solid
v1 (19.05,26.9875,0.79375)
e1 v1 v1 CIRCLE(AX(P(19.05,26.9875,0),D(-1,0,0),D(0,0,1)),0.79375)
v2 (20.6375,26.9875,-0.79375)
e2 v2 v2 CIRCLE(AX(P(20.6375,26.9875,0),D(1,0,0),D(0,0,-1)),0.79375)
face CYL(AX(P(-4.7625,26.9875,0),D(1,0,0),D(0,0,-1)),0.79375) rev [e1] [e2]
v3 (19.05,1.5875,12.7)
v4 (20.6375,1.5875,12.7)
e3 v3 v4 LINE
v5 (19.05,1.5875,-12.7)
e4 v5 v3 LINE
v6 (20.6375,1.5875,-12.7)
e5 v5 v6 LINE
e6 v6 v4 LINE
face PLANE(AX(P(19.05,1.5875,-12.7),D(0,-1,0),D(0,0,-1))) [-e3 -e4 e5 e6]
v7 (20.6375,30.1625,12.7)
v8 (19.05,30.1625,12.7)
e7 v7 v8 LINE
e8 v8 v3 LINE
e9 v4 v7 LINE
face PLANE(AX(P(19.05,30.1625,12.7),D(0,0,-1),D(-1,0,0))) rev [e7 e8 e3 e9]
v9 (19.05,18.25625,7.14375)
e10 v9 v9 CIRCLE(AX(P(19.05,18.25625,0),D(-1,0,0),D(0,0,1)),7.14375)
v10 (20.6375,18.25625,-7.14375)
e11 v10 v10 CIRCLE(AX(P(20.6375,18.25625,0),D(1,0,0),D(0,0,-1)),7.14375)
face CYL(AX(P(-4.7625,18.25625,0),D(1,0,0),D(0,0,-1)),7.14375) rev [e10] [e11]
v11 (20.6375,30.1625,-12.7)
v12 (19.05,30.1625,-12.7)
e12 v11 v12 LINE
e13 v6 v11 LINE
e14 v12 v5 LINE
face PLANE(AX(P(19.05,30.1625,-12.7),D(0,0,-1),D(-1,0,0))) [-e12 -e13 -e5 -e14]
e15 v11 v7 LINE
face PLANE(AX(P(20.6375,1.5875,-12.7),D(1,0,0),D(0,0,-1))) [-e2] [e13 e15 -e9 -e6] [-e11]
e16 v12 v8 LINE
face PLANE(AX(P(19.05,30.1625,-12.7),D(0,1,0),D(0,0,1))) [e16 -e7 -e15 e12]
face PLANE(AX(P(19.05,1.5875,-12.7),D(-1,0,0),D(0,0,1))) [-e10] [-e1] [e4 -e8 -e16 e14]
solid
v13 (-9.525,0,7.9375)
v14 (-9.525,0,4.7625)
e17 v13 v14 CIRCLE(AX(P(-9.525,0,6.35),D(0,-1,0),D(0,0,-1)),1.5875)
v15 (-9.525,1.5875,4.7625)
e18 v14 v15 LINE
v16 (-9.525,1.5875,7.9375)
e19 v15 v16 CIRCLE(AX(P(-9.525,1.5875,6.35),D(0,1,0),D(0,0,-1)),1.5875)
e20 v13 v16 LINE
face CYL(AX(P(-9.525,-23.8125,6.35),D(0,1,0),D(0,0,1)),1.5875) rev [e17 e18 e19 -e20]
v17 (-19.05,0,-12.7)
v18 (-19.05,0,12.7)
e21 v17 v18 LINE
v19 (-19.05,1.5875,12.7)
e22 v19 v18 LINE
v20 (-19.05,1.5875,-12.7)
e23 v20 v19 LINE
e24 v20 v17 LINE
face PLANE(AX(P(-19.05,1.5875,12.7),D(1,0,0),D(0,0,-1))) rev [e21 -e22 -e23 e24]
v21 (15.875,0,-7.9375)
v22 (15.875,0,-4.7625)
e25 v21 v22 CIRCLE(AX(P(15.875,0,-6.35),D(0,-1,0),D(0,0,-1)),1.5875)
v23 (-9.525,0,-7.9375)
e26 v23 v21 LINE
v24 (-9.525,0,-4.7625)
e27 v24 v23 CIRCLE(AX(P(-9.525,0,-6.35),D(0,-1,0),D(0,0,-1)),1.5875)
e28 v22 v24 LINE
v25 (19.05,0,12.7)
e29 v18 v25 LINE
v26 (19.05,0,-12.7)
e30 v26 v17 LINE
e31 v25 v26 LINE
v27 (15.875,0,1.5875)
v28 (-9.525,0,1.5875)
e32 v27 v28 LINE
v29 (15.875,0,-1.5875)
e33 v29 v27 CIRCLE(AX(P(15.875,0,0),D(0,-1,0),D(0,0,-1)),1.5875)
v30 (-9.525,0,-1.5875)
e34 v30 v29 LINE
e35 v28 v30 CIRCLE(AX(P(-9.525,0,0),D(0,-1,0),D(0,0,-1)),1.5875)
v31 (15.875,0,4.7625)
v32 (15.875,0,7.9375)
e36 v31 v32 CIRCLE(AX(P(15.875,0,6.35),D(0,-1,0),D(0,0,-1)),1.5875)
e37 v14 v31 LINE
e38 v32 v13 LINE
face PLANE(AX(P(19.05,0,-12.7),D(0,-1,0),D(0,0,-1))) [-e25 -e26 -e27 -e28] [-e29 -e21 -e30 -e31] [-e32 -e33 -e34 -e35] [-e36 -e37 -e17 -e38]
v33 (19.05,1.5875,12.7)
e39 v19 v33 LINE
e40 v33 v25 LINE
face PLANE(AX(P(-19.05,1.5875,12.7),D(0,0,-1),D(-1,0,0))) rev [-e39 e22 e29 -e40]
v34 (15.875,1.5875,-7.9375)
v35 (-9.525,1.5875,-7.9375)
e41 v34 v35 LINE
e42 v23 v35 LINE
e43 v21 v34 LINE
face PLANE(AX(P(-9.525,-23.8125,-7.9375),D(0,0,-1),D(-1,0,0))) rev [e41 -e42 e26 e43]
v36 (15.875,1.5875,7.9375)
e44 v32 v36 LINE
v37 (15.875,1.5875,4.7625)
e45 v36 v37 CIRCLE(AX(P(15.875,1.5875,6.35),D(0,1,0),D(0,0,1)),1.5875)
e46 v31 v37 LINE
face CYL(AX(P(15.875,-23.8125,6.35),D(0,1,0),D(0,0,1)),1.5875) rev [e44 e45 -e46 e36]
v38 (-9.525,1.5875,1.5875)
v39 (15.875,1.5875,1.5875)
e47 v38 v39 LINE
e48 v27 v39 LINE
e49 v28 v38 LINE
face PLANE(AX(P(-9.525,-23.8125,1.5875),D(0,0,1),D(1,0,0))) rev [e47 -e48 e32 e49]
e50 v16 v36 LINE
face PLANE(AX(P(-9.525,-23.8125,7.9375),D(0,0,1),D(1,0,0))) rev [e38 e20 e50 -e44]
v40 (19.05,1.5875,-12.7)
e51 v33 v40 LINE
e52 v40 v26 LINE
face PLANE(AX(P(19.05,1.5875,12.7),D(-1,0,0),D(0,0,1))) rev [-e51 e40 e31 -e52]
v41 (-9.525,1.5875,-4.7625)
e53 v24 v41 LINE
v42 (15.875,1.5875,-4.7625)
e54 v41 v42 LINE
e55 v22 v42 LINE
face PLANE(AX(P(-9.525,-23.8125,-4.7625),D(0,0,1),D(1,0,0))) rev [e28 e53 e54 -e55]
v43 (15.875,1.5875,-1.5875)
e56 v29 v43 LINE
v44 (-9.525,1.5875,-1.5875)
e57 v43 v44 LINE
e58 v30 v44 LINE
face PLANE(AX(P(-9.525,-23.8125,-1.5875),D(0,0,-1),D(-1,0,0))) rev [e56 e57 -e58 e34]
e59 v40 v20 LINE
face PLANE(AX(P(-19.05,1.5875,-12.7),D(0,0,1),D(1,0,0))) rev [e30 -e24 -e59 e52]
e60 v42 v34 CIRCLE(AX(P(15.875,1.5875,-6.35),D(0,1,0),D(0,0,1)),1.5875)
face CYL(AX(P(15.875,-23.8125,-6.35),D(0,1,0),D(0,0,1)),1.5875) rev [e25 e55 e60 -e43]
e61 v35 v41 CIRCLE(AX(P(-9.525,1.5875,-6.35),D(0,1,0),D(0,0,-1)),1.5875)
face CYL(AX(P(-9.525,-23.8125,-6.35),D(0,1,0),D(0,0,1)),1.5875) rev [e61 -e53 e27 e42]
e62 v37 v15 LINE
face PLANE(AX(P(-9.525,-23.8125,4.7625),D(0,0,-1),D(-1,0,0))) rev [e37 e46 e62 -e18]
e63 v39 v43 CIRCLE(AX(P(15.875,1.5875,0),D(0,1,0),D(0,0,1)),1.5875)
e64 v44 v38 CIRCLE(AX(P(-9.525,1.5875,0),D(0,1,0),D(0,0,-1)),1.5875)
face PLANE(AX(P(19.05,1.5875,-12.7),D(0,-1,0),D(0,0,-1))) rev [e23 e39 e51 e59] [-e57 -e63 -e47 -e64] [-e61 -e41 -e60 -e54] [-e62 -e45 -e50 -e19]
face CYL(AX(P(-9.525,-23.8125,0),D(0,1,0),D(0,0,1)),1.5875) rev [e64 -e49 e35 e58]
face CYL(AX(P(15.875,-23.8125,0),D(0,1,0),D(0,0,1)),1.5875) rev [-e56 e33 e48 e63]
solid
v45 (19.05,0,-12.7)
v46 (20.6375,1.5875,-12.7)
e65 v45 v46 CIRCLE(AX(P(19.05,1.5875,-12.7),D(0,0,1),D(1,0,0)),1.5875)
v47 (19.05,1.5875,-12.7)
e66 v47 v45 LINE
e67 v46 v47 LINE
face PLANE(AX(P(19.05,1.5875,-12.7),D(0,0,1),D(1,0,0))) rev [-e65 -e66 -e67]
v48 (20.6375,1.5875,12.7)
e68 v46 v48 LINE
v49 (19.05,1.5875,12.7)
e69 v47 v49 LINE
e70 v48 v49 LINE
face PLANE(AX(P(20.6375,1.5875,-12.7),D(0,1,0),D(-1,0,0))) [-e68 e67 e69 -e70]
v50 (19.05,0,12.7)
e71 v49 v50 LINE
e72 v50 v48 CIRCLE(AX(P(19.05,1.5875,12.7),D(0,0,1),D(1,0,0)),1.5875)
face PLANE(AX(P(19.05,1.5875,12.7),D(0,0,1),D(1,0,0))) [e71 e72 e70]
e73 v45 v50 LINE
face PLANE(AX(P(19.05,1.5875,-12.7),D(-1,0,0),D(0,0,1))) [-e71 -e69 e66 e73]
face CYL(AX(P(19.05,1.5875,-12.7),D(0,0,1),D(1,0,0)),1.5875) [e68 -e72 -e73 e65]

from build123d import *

# Parameters (mm, degrees)
SKETCH1_W           = 38.1
SKETCH1_H           = 25.4
BOSS_EXTRUDE1_DEPTH = 1.5875
SKETCH2_W           = 1.5875
SKETCH2_H           = 28.575
BOSS_EXTRUDE2_DEPTH = 25.4
BOSS_EXTRUDE3_DEPTH = 25.4
SKETCH4_R           = 7.14375
SKETCH4_R_2         = 0.79375
CUT_EXTRUDE1_DEPTH  = 25.4
CUT_EXTRUDE2_DEPTH  = 25.4
LPATTERN1_COUNT     = 3
LPATTERN1_PITCH     = 6.35


with BuildPart() as part:
    # Sketch1 → Boss-Extrude1 (new body)
    with BuildSketch(Plane(origin=(0, 0, 0), x_dir=(1, 0, 0), z_dir=(0, 1, 0))):
        Rectangle(SKETCH1_W, SKETCH1_H)
    extrude(amount=BOSS_EXTRUDE1_DEPTH)

    # Sketch5 → Cut-Extrude2 (cut)
    with BuildSketch(Plane(origin=(0, 1.5875, 0), x_dir=(1, 0, 0), z_dir=(0, 1, 0))):
        with BuildLine():
            Line((-9.525, -4.7625), (15.875, -4.7625))
            ThreePointArc((15.875, -4.7625), (17.4625, -6.35), (15.875, -7.9375))
            Line((15.875, -7.9375), (-9.525, -7.9375))
            ThreePointArc((-9.525, -7.9375), (-11.1125, -6.35), (-9.525, -4.7625))
        make_face()
    cut_extrude2 = extrude(amount=-CUT_EXTRUDE2_DEPTH, mode=Mode.SUBTRACT)

    # LPattern1: Cut-Extrude2 ×3
    with Locations(*[(0, 0, -i * LPATTERN1_PITCH) for i in range(1, LPATTERN1_COUNT)]):
        add(cut_extrude2, mode=Mode.SUBTRACT)


with BuildPart() as body_2:
    # Sketch2 → Boss-Extrude2 (new body)
    with BuildSketch(Plane.XY.offset(12.7)):
        with Locations((19.84375, 15.875)):
            Rectangle(SKETCH2_W, SKETCH2_H)
    extrude(amount=-BOSS_EXTRUDE2_DEPTH)

    # Sketch4 → Cut-Extrude1 (cut)
    with BuildSketch(Plane(origin=(20.6375, 0, 0), x_dir=(0, 0, -1), z_dir=(1, 0, 0))):
        with Locations((0, 18.25625)):
            Circle(SKETCH4_R)
        with Locations((0, 26.9875)):
            Circle(SKETCH4_R_2)
    extrude(amount=-CUT_EXTRUDE1_DEPTH, mode=Mode.SUBTRACT)


with BuildPart() as body_3:
    # Sketch3 → Boss-Extrude3 (new body)
    with BuildSketch(Plane.XY.offset(12.7)):
        with BuildLine():
            Line((20.6375, 1.5875), (19.05, 1.5875))
            Line((19.05, 1.5875), (19.05, 0))
            ThreePointArc((19.05, 0), (20.172532015, 0.464967985), (20.6375, 1.5875))
        make_face()
    extrude(amount=-BOSS_EXTRUDE3_DEPTH)


solid = Compound([part.part, body_2.part, body_3.part])
